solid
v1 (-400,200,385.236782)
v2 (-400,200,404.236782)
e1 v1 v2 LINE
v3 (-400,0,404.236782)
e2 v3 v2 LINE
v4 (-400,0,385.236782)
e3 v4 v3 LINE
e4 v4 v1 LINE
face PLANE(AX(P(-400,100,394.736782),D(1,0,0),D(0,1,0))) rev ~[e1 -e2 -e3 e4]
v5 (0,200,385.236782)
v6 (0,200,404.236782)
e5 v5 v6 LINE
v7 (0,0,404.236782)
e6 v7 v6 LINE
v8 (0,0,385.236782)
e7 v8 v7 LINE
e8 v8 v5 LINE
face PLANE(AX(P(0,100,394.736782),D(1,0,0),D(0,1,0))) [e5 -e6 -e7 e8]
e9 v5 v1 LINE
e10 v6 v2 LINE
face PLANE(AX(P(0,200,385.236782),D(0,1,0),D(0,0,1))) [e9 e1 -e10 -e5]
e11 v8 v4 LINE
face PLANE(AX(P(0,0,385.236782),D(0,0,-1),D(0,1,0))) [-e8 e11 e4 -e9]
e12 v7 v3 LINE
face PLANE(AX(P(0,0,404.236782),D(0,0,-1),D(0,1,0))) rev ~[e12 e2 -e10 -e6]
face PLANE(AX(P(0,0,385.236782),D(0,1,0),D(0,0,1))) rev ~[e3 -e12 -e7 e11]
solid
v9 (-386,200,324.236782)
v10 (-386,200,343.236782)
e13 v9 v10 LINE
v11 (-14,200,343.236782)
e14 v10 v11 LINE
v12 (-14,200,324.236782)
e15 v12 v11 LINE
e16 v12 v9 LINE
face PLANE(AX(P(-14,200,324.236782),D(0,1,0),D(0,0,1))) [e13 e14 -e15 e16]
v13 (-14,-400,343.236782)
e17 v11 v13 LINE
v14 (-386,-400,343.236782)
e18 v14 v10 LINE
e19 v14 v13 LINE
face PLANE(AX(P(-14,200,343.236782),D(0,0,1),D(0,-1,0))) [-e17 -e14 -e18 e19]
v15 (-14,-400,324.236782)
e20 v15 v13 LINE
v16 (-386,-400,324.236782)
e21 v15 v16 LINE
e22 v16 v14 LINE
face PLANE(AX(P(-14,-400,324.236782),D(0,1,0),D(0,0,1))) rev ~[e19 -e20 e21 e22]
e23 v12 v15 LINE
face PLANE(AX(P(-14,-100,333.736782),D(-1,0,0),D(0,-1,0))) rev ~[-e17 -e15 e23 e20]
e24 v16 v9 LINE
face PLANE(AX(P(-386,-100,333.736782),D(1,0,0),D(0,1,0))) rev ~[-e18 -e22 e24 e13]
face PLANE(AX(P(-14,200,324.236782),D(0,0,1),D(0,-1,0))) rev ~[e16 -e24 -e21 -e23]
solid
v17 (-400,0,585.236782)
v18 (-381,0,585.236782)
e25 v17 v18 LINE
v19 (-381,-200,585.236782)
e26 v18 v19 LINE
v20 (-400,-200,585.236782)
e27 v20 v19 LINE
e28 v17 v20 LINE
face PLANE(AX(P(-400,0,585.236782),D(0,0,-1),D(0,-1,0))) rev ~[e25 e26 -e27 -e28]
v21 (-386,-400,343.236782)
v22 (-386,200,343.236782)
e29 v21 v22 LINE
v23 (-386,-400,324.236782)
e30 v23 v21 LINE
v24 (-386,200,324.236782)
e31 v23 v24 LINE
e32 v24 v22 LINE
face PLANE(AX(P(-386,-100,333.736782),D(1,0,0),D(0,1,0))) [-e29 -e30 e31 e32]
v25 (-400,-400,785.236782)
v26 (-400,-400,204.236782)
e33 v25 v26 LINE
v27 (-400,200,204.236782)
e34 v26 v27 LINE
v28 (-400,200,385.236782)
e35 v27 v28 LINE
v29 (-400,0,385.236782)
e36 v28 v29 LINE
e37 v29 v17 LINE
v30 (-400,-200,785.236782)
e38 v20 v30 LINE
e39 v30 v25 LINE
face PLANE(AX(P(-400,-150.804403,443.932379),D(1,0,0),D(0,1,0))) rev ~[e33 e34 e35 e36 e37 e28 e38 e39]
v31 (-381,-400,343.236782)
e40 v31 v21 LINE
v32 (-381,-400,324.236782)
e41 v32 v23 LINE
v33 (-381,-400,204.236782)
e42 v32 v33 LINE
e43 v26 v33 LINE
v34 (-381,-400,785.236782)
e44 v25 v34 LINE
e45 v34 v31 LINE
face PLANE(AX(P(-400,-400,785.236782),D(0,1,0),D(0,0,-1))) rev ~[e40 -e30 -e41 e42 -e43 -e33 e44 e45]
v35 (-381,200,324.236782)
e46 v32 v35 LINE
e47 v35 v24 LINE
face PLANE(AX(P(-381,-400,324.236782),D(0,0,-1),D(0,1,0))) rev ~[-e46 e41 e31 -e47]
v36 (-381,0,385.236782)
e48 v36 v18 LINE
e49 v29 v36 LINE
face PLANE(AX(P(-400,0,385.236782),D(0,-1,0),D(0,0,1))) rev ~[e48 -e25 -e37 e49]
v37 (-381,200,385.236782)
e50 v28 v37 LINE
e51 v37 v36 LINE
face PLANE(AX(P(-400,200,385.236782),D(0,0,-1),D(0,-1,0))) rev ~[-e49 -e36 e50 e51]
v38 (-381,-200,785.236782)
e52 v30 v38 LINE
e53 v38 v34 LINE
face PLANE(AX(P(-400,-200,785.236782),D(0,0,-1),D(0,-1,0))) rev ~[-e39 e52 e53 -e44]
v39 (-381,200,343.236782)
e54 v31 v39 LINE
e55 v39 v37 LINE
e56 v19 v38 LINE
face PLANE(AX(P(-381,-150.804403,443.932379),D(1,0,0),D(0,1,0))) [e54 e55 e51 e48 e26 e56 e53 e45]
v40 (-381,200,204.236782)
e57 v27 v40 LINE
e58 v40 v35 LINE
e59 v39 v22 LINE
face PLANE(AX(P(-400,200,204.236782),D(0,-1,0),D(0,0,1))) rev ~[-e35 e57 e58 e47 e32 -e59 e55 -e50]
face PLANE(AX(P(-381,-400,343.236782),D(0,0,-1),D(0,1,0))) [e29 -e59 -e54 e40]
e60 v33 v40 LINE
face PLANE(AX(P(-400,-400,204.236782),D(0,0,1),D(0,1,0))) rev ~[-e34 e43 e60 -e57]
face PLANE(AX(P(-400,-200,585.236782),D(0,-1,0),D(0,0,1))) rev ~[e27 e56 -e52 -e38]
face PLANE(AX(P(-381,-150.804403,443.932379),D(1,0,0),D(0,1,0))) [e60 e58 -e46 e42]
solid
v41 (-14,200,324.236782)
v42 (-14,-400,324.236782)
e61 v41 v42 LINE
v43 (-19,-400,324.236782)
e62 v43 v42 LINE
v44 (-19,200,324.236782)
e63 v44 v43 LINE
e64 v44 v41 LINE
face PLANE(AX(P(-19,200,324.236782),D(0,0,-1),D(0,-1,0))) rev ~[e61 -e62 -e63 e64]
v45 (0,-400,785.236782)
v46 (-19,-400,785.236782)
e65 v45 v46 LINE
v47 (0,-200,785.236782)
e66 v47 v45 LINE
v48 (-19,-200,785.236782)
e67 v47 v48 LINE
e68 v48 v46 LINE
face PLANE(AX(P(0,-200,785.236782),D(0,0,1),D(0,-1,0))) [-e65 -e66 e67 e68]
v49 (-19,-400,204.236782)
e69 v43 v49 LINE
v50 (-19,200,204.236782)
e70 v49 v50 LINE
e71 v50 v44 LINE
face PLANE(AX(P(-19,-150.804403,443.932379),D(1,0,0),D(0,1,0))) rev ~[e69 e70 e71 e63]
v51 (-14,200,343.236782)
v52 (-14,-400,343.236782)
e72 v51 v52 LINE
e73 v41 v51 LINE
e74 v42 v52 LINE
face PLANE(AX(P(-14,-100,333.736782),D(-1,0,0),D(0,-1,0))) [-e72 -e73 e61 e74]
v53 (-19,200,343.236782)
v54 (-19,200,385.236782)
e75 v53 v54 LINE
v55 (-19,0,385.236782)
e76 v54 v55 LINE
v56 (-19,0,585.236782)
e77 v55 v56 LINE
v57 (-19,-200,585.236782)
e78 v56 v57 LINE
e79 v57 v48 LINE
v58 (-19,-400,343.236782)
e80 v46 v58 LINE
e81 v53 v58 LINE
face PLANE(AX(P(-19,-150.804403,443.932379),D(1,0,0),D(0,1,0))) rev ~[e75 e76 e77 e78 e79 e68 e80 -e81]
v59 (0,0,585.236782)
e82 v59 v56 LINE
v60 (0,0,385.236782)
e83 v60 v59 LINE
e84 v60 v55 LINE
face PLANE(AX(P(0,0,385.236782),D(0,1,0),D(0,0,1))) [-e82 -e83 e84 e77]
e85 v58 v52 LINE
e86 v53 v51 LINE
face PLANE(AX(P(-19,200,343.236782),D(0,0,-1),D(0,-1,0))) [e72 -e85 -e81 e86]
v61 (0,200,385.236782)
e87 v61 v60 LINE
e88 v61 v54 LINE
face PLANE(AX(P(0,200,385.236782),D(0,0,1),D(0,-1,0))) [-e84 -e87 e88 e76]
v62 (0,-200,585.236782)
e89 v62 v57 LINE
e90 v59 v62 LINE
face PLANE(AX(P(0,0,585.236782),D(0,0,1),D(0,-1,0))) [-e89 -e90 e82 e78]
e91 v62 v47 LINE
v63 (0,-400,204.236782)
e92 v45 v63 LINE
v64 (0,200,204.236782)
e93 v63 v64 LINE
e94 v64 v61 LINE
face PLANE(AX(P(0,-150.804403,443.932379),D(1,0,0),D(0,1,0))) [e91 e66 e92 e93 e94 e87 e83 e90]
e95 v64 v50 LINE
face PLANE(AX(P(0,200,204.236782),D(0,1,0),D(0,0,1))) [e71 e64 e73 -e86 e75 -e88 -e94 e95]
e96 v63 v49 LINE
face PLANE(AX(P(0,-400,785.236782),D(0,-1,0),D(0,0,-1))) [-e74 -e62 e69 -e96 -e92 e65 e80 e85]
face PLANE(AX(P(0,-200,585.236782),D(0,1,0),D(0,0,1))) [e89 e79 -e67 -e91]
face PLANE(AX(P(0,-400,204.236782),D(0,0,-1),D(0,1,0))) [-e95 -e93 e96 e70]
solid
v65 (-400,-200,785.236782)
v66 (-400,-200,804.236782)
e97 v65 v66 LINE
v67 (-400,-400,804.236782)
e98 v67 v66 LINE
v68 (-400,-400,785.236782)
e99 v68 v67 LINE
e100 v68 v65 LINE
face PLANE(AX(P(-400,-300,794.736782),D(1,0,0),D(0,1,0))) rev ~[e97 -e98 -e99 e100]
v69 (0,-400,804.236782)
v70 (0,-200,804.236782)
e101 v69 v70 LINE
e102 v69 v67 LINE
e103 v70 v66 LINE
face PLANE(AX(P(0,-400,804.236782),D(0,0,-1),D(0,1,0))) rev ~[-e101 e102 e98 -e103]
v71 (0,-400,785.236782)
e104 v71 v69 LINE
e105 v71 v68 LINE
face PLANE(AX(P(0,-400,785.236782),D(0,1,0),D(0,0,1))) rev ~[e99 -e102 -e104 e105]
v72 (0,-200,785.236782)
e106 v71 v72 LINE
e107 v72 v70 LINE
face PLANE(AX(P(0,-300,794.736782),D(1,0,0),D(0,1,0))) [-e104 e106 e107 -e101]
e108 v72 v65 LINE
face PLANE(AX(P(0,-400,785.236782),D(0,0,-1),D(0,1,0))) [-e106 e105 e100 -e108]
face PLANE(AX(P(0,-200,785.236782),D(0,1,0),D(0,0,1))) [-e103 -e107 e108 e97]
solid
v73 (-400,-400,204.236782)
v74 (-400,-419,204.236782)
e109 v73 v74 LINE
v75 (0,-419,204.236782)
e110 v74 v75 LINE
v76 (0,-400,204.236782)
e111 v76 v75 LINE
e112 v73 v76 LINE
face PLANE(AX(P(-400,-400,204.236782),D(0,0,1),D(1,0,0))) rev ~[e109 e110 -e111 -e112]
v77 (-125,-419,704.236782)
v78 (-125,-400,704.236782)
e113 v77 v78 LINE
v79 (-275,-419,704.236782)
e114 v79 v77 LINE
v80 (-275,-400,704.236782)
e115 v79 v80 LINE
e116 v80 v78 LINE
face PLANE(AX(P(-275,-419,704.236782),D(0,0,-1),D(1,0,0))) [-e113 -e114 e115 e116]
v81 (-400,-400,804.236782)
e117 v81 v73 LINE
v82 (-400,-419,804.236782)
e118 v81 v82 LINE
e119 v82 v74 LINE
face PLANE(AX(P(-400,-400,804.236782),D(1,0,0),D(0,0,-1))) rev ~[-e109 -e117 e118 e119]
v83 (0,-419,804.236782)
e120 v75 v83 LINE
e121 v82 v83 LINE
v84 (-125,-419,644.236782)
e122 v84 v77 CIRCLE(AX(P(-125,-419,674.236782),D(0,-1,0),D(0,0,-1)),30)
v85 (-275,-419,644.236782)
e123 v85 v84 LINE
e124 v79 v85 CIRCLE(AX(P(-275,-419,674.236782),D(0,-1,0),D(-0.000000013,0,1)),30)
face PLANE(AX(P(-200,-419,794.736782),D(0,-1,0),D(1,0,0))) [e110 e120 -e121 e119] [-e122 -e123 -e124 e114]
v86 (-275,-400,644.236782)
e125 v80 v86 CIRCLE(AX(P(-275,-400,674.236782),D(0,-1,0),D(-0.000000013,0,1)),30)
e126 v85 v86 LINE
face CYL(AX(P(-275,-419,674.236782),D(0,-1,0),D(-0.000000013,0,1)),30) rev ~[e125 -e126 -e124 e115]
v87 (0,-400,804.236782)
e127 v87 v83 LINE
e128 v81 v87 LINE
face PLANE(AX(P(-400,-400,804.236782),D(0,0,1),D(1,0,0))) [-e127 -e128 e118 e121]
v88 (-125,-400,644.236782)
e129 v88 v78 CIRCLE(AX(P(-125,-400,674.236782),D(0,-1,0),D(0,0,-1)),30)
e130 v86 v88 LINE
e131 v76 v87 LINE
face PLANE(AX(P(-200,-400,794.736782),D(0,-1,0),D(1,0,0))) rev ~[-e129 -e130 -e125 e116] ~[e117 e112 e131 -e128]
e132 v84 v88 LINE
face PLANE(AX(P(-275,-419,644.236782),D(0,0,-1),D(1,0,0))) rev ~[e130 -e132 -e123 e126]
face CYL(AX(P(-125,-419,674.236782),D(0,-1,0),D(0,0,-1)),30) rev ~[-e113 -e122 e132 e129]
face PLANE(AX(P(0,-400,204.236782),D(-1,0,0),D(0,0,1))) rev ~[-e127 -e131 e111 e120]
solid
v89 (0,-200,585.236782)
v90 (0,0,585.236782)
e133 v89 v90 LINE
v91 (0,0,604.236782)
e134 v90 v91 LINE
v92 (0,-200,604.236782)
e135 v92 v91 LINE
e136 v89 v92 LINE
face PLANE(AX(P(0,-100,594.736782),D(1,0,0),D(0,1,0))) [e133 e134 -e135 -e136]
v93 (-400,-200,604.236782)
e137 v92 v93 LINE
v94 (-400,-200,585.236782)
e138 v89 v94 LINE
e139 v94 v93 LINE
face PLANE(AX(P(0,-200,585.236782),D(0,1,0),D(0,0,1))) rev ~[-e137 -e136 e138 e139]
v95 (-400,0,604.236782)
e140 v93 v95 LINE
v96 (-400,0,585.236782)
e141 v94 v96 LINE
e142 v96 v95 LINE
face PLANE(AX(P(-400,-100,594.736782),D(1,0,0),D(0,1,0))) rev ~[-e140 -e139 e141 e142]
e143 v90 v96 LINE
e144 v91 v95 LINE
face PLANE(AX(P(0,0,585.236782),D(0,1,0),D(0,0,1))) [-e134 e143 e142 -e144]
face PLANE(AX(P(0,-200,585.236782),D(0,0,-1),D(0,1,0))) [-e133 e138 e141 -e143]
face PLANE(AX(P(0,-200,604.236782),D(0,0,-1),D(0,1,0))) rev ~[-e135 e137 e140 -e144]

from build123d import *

# Parameters (mm, degrees)
F1_DEPTH  = 19
F0_W      = 200
F0_H      = 19
F2_DEPTH  = 400
F5_DEPTH  = 19
F6_W      = 400
F6_H      = 19
F6_H_2    = 581
F7_DEPTH  = 19
F9_W      = 362
F9_H      = 600
F10_DEPTH = 19
F11_W     = 600
F11_H     = 19
F12_DEPTH = 5
F13_W     = 600
F13_H     = 19
F14_DEPTH = 5
F15_DEPTH = 5
F16_DEPTH = 5
F17_W     = 150
F17_H     = 60
F18_DEPTH = 25


with BuildPart() as f1:
    # F0 (on Right) → F1 (new body)
    with BuildSketch(Plane.YZ):
        Polygon((-200, 785.2367818364), (-400, 785.2367818364), (-400, 204.2367818364), (200, 204.2367818364), (200, 385.2367818364), (0, 385.2367818364), (0, 404.2367818364), (0, 585.2367818364), (-200, 585.2367818364), (-200, 604.2367818364), align=None)
    extrude(amount=-F1_DEPTH)

    # F11 (on face) → F12 (cut)
    with BuildSketch(Plane(origin=(-19, 0, 0), x_dir=(0, -1, 0), z_dir=(-1, 0, 0))):
        with Locations((100, 333.7367818364)):
            Rectangle(F11_W, F11_H)
    extrude(amount=-F12_DEPTH, mode=Mode.SUBTRACT)


with BuildPart() as f2:
    # F0 (on Right) → F2 (new body)
    with BuildSketch(Plane.YZ):
        with Locations((-300, 794.7367818364)):
            Rectangle(F0_W, F0_H)
    extrude(amount=-F2_DEPTH)


with BuildPart() as f2b:
    # F0 (on Right) → F2, piece 2 (new body)
    with BuildSketch(Plane.YZ):
        with Locations((-100, 594.7367818364)):
            Rectangle(F0_W, F0_H)
    extrude(amount=-F2_DEPTH)


with BuildPart() as f2c:
    # F0 (on Right) → F2, piece 3 (new body)
    with BuildSketch(Plane.YZ):
        with Locations((100, 394.7367818364)):
            Rectangle(F0_W, F0_H)
    extrude(amount=-F2_DEPTH)


with BuildPart() as f5:
    # F4 (on offset) → F5 (new body)
    with BuildSketch(Plane.YZ.offset(-400)):
        Polygon((-200, 585.2367818364), (-200, 604.2367818364), (-200, 785.2367818364), (-400, 785.2367818364), (-400, 204.2367818364), (200, 204.2367818364), (200, 385.2367818364), (0, 385.2367818364), (0, 404.2367818364), (0, 585.2367818364), align=None)
    extrude(amount=F5_DEPTH)

    # F13 (on face) → F14 (cut)
    with BuildSketch(Plane.YZ.offset(-381)):
        with Locations((-100, 333.7367818364)):
            Rectangle(F13_W, F13_H)
    extrude(amount=-F14_DEPTH, mode=Mode.SUBTRACT)


with BuildPart() as f7:
    # F6 (on face) → F7 (new body)
    with BuildSketch(Plane.XZ.offset(400)):
        with Locations((-200, 794.7367818364)):
            Rectangle(F6_W, F6_H)
        with Locations((-200, 494.7367818364)):
            Rectangle(F6_W, F6_H_2)
    extrude(amount=F7_DEPTH)

    # F17 (on face) → F18 (cut)
    with BuildSketch(Plane.XZ.offset(419)):
        with Locations((-200, 674.2367818364)):
            Rectangle(F17_W, F17_H)
        with BuildLine():
            Line((-275, 644.2367818364), (-275, 704.2367818364))
            ThreePointArc((-275, 704.2367818364), (-304.9999995967, 674.2367818364), (-275, 644.2367818364))
        make_face()
        with BuildLine():
            ThreePointArc((-125, 644.2367818364), (-95, 674.2367818364), (-125, 704.2367818364))
            Line((-125, 704.2367818364), (-125, 644.2367818364))
        make_face()
    extrude(amount=-F18_DEPTH, mode=Mode.SUBTRACT)


with BuildPart() as f10:
    # F9 (on offset) → F10 (new body)
    with BuildSketch(Plane(origin=(0, 0, 324.2367818364), x_dir=(1, 0, 0), z_dir=(0, 0, -1))):
        with Locations((-200, 100)):
            Rectangle(F9_W, F9_H)
    extrude(amount=-F10_DEPTH)

    # F15 (add, through all): a face of the model
    f15_faces = [f5.part.faces().sort_by_distance(p)[0] for p in [
        (-386, -100, 333.7367818364),
    ]]
    extrude(f15_faces, amount=F15_DEPTH)

    # F16 (add, through all): a face of the model
    f16_faces = [f1.part.faces().sort_by_distance(p)[0] for p in [
        (-14, -100, 333.7367818364),
    ]]
    extrude(f16_faces, amount=F16_DEPTH)


solid = Compound([f1.part, f2.part, f2b.part, f2c.part, f5.part, f7.part, f10.part])
